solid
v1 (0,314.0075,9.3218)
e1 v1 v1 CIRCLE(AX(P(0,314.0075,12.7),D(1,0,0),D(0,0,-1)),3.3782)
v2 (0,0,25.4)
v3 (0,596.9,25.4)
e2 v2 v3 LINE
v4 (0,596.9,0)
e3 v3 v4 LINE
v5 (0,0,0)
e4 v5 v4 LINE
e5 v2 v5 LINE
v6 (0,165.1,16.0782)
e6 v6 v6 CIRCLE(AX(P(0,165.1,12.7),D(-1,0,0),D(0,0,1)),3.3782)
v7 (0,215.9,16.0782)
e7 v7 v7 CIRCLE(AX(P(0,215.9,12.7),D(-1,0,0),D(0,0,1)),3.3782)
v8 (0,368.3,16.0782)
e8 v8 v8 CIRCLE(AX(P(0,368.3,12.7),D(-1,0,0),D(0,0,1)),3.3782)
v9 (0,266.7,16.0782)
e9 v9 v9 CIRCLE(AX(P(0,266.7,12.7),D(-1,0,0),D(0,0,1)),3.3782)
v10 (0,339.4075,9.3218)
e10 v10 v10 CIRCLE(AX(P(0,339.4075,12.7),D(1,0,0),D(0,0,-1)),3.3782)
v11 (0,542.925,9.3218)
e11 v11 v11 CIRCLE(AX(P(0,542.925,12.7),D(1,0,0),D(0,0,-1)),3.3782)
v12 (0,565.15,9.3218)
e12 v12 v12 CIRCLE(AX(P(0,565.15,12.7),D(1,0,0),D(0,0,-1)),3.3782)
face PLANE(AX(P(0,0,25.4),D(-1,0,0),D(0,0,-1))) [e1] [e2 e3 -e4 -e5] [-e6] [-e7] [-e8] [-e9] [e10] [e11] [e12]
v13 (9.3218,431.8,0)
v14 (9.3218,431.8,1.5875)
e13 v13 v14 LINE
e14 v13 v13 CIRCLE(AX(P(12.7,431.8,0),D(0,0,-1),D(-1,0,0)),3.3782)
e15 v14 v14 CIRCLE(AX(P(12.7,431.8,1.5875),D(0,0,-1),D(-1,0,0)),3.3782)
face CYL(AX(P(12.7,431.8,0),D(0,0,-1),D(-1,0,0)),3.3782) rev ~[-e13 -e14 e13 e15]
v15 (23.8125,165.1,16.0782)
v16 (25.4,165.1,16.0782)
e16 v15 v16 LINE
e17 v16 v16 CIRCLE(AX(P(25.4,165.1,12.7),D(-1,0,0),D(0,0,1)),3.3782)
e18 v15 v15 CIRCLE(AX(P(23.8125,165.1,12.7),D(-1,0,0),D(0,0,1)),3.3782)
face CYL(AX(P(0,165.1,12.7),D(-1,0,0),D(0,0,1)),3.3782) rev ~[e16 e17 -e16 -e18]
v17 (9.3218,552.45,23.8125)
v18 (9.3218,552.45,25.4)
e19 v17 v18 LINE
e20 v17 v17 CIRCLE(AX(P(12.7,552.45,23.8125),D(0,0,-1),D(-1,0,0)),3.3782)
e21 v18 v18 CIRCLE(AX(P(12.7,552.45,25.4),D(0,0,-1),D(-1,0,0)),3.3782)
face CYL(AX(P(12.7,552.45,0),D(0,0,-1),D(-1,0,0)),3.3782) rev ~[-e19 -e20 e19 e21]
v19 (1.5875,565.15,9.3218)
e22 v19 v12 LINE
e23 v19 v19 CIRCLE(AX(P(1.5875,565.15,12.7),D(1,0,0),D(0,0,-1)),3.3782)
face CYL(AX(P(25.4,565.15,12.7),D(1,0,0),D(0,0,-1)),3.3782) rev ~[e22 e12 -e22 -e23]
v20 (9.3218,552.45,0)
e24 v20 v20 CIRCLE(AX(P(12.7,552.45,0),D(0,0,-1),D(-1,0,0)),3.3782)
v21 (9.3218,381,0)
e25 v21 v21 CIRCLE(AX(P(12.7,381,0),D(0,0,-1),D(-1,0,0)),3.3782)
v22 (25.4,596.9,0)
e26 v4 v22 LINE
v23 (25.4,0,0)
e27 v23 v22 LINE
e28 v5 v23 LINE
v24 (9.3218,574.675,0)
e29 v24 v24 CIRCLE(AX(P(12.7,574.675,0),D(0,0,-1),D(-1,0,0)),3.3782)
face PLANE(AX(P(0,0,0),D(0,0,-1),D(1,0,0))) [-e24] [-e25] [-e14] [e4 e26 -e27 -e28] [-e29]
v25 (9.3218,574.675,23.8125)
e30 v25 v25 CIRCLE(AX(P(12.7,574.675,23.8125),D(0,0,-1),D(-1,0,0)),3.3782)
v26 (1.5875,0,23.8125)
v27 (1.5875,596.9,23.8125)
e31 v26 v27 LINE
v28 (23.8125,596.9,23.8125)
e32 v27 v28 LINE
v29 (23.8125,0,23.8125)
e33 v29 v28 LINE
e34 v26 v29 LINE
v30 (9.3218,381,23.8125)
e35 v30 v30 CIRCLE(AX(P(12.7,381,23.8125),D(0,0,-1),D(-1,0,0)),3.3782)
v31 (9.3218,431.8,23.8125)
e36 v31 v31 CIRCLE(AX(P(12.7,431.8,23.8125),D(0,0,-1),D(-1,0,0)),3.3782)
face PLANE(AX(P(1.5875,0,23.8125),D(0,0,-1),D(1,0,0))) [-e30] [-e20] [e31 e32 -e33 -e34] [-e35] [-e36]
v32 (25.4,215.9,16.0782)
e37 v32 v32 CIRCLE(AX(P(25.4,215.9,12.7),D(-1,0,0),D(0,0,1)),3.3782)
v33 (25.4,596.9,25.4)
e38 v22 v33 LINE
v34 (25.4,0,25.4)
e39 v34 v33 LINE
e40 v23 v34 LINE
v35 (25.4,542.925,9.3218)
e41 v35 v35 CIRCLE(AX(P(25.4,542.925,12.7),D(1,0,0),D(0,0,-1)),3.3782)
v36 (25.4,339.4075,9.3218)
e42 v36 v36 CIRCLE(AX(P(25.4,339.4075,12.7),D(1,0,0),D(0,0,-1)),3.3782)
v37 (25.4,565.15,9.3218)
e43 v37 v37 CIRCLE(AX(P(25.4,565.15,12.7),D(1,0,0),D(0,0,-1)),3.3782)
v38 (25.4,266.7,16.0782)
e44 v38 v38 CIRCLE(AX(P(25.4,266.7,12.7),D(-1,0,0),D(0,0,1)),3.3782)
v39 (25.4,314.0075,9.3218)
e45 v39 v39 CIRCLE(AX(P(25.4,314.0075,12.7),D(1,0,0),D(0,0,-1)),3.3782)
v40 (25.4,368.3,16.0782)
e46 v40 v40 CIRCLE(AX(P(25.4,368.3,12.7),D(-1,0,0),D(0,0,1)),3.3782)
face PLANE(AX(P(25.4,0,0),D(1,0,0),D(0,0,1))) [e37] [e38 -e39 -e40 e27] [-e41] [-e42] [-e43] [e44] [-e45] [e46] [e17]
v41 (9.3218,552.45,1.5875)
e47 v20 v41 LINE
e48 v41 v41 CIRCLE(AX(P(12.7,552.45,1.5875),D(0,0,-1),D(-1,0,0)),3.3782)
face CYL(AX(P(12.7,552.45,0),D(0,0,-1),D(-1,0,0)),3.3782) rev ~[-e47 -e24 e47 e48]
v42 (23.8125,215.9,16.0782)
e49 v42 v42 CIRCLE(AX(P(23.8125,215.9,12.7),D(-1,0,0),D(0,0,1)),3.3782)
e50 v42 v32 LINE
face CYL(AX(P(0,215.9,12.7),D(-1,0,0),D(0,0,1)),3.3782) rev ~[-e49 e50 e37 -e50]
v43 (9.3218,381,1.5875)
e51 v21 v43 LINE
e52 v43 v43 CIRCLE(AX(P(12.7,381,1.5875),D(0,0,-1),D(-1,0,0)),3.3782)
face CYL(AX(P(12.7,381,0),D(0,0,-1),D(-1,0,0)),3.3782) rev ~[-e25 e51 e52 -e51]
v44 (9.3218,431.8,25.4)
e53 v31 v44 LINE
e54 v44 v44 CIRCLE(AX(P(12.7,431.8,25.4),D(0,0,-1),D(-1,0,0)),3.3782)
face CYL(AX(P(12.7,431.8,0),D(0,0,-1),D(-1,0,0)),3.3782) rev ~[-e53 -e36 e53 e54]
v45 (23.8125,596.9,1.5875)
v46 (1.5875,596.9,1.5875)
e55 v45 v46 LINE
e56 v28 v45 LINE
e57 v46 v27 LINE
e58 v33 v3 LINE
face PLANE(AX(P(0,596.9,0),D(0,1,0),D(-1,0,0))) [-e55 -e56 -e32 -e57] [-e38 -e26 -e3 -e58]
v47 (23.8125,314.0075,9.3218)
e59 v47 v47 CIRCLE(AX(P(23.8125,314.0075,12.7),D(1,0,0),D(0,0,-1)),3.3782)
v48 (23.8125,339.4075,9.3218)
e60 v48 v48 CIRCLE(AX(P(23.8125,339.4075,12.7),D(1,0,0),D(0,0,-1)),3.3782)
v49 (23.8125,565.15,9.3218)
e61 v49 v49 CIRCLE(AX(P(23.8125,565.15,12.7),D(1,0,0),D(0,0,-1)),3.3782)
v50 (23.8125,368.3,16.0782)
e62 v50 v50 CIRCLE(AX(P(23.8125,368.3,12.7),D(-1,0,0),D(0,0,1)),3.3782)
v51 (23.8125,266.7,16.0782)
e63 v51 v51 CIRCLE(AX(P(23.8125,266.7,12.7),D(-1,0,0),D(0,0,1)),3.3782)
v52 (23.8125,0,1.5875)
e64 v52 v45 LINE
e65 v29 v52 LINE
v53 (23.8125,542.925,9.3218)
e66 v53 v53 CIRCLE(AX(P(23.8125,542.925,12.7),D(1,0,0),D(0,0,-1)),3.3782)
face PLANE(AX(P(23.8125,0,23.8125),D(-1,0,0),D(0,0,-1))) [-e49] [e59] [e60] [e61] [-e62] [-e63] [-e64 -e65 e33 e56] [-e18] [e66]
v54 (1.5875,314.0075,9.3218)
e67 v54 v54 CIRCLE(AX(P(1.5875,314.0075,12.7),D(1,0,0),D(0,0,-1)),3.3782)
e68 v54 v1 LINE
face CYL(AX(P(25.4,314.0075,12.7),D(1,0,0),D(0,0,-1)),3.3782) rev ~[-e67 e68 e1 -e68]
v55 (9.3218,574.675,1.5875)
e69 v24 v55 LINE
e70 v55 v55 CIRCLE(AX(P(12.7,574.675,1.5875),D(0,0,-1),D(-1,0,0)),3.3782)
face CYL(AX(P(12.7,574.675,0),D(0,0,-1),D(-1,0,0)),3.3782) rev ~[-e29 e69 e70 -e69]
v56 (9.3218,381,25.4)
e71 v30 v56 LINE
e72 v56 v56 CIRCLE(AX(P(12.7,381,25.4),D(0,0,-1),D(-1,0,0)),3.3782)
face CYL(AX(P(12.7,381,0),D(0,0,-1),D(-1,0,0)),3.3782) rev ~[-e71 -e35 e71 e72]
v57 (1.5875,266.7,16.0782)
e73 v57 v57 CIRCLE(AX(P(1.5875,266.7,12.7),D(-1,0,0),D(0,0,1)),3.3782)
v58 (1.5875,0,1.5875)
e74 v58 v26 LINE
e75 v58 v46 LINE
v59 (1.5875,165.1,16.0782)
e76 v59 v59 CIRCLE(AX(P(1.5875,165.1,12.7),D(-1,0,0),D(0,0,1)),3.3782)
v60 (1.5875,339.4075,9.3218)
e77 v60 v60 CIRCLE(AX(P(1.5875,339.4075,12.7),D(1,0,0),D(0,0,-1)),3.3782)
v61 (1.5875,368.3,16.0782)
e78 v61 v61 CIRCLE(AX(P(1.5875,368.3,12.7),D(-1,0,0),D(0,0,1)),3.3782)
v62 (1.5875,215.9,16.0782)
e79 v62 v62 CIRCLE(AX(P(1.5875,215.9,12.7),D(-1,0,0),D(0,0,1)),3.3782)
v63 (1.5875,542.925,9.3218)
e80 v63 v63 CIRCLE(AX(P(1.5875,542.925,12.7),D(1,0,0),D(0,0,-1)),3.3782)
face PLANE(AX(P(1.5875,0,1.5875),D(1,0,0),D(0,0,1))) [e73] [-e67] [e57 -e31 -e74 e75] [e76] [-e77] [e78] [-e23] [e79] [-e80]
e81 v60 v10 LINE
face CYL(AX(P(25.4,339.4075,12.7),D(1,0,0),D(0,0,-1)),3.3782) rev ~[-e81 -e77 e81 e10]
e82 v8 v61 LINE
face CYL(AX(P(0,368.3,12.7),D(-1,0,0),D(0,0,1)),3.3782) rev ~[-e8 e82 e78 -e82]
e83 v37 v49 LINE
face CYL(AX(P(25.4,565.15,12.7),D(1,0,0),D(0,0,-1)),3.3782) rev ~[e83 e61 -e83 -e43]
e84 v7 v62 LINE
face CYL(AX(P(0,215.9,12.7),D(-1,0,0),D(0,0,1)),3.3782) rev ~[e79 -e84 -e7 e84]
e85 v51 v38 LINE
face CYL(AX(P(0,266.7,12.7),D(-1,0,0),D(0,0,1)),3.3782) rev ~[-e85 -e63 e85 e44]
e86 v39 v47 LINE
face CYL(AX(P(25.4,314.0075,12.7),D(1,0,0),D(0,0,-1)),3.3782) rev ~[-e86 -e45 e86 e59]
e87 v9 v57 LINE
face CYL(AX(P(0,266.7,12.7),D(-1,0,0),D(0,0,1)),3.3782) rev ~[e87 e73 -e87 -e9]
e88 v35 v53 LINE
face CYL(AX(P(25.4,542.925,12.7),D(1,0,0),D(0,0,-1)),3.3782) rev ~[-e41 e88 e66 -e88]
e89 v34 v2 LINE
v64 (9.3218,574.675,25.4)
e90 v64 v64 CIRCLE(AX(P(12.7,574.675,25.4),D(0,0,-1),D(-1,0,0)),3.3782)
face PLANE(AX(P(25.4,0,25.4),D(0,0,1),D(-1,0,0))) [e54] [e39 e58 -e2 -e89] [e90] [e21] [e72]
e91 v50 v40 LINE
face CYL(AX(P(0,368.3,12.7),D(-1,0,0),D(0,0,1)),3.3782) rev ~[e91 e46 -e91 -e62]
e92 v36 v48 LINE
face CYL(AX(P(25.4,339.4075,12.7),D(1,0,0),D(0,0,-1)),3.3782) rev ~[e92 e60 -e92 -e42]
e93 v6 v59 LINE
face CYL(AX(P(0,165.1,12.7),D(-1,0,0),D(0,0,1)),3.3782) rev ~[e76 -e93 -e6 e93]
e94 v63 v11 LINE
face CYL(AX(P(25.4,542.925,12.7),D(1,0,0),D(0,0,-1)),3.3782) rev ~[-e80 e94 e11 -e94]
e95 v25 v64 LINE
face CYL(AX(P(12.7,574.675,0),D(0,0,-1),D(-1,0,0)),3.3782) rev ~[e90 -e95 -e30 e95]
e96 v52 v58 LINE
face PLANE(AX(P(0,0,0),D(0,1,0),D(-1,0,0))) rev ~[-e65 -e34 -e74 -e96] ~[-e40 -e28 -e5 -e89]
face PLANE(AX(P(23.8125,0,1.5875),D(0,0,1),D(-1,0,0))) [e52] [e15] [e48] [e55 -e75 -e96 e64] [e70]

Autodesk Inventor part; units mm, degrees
ref_plane "YZ Plane" through (0, 0, 0) normal (1, 0, 0) x (0, 1, 0)
ref_plane "XZ Plane" through (0, 0, 0) normal (0, 1, 0) x (-1, 0, 0)
ref_plane "XY Plane" through (0, 0, 0) normal (0, 0, 1) x (1, 0, 0)
sketch "Sketch1" plane through (0, 0, 0) normal (0, 1, 0) x (-1, 0, 0)
  line L0 (0, 0) -> (-25.4, 0)
  line L1 (-25.4, 0) -> (-25.4, 25.4)
  line L2 (-25.4, 25.4) -> (0, 25.4)
  line L3 (0, 25.4) -> (0, 0)
  line L4 (-1.5875, 23.8125) -> (-23.8125, 23.8125)
  line L5 (-23.8125, 23.8125) -> (-23.8125, 1.5875)
  line L6 (-23.8125, 1.5875) -> (-1.5875, 1.5875)
  line L7 (-1.5875, 1.5875) -> (-1.5875, 23.8125)
  dimension "d0" = 25.4
  dimension "d2" = 25.4
  dimension "d3" = 1.5875
extrude "Extrusion1" add sketch "Sketch1" along normal blind 596.9
sketch "Sketch7" plane through (25.4, 0, 0) normal (0, 0, -1) x (-1, 0, 0)
  circle A0 centre (12.7, 552.45) radius 3.3782
  circle A1 centre (12.7, 574.675) radius 3.3782
extrude "Extrusion6" cut sketch "Sketch7" against normal blind 25.4
sketch "Sketch8" plane through (25.4, 0, 25.4) normal (1, 0, 0) x (0, 0, -1)
  circle A0 centre (12.7, 565.15) radius 3.3782
  circle A1 centre (12.7, 542.925) radius 3.3782
extrude "Extrusion7" cut sketch "Sketch8" against normal blind 25.4
sketch "Sketch9" plane through (25.4, 0, 0) normal (0, 0, -1) x (-1, 0, 0)
  circle A0 centre (12.7, 431.8) radius 3.3782 projected
  line L0 (25.4, 440.055) -> (0, 440.055) projected
  line L1 (0, 368.3) -> (0, 440.055) projected
  line L2 (25.4, 368.3) -> (0, 368.3) projected
  line L3 (25.4, 440.055) -> (25.4, 368.3) projected
  circle A1 centre (12.7, 431.8) radius 3.3782 projected
  circle A2 centre (12.7, 381) radius 3.3782 projected
extrude "Extrusion8" cut sketch "Sketch9" against normal blind 25.4 contours A0 | A2
sketch "Sketch10" plane through (25.4, 0, 25.4) normal (1, 0, 0) x (0, 0, -1)
  circle A0 centre (12.7, 339.4075) radius 3.3782
  circle A1 centre (12.7, 314.0075) radius 3.3782
extrude "Extrusion9" cut sketch "Sketch10" against normal blind 38.1
sketch "Sketch11" plane through (0, 0, 0) normal (-1, 0, 0) x (0, 0, 1)
  line L0 (25.4, 0) -> (25.4, 596.9) projected
  line L1 (0, 596.9) -> (25.4, 596.9) projected
  circle A0 centre (12.7, 368.3) radius 3.3782
  circle A1 centre (12.7, 266.7) radius 3.3782
  circle A2 centre (12.7, 215.9) radius 3.3782
  circle A3 centre (12.7, 165.1) radius 3.3782
  dimension "d27" = 6.7564
  dimension "d29" = 228.6
  dimension "d30" = 6.7564
  dimension "d31" = 330.2
  dimension "d32" = 6.7564
  dimension "d33" = 381
  dimension "d34" = 6.7564
  dimension "d35" = 431.8
  dimension "d36" = 12.7
  dimension "d37" = 12.7
  dimension "d38" = 12.7
  dimension "d39" = 12.7
extrude "Extrusion10" cut sketch "Sketch11" against normal blind 25.4
properties part number "Edge Mount" material "Aluminum 6061"
